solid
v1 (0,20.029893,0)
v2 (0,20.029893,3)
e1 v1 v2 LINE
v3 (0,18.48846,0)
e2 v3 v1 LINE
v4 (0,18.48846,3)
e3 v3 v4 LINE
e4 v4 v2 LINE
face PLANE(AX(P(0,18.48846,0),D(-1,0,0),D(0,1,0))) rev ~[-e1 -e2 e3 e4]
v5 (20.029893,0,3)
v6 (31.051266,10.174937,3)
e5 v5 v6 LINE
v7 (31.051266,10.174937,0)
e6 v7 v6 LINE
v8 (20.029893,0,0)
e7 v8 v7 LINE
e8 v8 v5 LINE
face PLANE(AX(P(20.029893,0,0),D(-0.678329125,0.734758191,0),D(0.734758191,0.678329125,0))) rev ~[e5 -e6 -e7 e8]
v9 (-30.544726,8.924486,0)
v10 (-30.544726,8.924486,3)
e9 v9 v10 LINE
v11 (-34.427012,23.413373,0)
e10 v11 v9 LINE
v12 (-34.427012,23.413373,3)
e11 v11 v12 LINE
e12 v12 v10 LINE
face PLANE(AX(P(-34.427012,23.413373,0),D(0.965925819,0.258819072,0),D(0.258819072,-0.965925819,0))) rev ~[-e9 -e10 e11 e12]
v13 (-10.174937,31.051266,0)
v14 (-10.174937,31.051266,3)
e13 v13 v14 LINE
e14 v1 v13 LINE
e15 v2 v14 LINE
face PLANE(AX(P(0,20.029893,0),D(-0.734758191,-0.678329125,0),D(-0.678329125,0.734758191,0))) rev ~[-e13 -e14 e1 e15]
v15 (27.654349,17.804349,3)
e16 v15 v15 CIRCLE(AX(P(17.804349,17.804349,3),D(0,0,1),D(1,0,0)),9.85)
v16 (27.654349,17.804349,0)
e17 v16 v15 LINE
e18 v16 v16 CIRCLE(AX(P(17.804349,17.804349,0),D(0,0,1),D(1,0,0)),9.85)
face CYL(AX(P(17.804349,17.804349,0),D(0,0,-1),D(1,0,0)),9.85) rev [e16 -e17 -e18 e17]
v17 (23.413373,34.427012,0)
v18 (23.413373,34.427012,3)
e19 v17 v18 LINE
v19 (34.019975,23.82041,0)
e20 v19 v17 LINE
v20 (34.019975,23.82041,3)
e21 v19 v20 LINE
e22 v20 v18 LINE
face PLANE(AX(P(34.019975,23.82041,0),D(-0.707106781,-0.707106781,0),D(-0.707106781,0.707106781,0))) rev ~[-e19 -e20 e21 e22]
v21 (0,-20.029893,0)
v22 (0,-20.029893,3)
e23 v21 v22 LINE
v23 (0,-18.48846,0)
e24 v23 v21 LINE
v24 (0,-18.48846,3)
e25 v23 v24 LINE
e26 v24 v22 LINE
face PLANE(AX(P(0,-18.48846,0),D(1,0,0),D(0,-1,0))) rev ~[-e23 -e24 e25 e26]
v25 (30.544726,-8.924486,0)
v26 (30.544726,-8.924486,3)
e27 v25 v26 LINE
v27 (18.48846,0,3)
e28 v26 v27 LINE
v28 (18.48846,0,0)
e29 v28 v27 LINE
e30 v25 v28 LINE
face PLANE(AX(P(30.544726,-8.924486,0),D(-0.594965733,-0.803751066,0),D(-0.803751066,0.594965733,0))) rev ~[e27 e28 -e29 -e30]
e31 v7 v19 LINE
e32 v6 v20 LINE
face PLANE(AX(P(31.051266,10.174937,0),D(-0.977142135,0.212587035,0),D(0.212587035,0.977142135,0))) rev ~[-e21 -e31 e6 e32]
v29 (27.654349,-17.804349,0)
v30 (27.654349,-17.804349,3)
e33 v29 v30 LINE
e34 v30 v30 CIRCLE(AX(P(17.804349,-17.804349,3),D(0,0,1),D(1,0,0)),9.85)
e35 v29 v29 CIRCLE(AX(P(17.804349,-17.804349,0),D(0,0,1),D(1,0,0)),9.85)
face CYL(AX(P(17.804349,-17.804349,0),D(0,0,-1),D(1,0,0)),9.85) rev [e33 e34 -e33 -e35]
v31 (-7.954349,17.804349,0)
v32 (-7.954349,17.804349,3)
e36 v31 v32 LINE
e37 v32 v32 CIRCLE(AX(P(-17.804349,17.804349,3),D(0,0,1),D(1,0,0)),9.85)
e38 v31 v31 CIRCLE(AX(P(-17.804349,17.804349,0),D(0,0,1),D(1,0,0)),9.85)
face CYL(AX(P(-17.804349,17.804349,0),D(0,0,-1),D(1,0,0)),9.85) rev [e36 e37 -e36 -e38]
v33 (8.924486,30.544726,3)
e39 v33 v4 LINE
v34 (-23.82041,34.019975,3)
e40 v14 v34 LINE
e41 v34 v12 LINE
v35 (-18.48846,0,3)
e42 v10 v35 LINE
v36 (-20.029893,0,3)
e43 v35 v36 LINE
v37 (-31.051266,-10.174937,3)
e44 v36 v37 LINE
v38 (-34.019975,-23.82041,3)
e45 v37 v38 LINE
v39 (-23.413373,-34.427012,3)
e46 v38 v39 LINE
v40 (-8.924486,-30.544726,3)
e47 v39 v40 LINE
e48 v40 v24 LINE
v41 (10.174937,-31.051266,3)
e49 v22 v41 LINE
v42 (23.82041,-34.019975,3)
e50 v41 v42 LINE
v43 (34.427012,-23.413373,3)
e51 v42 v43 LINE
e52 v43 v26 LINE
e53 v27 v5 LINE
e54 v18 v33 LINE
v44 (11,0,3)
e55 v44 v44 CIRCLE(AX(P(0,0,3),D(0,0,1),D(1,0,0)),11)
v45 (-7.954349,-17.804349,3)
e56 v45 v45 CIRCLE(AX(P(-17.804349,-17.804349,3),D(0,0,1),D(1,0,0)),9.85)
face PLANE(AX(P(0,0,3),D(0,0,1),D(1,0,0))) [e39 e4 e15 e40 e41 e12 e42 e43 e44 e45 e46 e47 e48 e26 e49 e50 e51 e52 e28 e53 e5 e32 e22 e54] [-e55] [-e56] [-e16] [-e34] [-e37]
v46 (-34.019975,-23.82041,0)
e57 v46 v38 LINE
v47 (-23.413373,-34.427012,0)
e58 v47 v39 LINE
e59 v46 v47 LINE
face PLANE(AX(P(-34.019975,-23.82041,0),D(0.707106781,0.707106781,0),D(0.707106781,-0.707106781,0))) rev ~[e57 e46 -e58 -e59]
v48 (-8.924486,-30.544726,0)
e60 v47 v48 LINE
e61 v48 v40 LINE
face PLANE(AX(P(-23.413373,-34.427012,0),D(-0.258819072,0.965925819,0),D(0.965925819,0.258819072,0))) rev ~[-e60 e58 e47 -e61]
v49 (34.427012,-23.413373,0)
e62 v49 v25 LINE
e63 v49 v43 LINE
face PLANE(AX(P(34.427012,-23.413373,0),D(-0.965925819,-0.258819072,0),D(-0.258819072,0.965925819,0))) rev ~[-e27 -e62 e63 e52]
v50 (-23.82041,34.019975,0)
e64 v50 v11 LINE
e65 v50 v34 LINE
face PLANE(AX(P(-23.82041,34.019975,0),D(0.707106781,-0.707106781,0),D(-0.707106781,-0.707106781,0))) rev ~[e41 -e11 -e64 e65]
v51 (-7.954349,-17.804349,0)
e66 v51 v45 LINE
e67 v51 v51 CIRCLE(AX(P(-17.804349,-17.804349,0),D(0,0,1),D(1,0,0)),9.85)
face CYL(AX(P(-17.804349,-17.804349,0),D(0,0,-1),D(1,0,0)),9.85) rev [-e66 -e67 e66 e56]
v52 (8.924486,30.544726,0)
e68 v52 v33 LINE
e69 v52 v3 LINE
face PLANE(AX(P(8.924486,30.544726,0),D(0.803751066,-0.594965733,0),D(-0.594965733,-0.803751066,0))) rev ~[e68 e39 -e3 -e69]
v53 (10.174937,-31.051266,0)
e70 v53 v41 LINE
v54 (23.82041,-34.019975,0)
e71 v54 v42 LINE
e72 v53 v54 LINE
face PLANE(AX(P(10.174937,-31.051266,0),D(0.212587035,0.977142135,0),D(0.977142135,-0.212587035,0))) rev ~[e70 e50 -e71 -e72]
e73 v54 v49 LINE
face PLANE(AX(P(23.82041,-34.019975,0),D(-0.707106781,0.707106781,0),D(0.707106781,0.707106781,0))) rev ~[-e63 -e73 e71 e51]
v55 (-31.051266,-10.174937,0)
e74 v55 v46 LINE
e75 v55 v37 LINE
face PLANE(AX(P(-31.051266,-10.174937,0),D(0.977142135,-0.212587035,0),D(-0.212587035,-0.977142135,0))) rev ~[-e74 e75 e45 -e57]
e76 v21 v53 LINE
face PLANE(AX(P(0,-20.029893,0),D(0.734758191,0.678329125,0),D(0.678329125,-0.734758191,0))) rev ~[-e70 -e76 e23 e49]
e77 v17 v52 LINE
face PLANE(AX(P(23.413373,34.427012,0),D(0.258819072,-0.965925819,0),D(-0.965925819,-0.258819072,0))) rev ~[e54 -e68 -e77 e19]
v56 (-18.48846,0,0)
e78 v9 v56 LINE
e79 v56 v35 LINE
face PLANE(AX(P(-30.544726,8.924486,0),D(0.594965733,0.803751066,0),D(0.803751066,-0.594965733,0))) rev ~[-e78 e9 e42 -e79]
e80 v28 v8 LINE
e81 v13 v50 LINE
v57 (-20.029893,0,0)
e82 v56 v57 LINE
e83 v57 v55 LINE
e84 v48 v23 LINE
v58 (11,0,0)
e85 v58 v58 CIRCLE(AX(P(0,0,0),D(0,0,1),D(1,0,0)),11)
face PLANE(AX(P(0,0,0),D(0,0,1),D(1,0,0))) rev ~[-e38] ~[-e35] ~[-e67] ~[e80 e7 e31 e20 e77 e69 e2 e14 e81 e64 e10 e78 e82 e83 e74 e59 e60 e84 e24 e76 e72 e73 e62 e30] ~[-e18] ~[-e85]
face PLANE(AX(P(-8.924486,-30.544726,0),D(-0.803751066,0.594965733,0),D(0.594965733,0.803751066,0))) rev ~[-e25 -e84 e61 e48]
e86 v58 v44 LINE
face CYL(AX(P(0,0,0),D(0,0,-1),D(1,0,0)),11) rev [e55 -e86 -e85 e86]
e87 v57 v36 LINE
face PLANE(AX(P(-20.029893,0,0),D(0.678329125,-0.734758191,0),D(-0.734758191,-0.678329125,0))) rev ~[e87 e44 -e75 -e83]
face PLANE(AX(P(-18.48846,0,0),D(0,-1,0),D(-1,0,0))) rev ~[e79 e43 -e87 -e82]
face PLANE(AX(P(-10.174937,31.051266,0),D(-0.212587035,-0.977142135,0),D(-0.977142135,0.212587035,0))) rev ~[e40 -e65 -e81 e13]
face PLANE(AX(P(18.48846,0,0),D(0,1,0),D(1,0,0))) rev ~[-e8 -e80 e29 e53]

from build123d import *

# Parameters (mm, degrees)
F0_R     = 9.85
F0_R_2   = 11
F1_DEPTH = 3


with BuildPart() as f1:
    # F0 (on Top) → F1 (new body)
    with BuildSketch(Plane.XY):
        Polygon((0, 20.029893), (-10.174937, 31.051266), (-23.82041, 34.019975), (-34.427012, 23.413373), (-30.544726, 8.924486), (-18.48846, 0), (-20.029893, 0), (-31.051266, -10.174937), (-34.019975, -23.82041), (-23.413373, -34.427012), (-8.924486, -30.544726), (0, -18.48846), (0, -20.029893), (10.174937, -31.051266), (23.82041, -34.019975), (34.427012, -23.413373), (30.544726, -8.924486), (18.48846, 0), (20.029893, 0), (31.051266, 10.174937), (34.019975, 23.82041), (23.413373, 34.427012), (8.924486, 30.544726), (0, 18.48846), align=None)
        with Locations((-17.804349, -17.804349)):
            Circle(F0_R, mode=Mode.SUBTRACT)
        with Locations((17.804349, -17.804349)):
            Circle(F0_R, mode=Mode.SUBTRACT)
        with Locations((-17.804349, 17.804349)):
            Circle(F0_R, mode=Mode.SUBTRACT)
        Circle(F0_R_2, mode=Mode.SUBTRACT)
        with Locations((17.804349, 17.804349)):
            Circle(F0_R, mode=Mode.SUBTRACT)
    extrude(amount=F1_DEPTH)


solid = f1.part
